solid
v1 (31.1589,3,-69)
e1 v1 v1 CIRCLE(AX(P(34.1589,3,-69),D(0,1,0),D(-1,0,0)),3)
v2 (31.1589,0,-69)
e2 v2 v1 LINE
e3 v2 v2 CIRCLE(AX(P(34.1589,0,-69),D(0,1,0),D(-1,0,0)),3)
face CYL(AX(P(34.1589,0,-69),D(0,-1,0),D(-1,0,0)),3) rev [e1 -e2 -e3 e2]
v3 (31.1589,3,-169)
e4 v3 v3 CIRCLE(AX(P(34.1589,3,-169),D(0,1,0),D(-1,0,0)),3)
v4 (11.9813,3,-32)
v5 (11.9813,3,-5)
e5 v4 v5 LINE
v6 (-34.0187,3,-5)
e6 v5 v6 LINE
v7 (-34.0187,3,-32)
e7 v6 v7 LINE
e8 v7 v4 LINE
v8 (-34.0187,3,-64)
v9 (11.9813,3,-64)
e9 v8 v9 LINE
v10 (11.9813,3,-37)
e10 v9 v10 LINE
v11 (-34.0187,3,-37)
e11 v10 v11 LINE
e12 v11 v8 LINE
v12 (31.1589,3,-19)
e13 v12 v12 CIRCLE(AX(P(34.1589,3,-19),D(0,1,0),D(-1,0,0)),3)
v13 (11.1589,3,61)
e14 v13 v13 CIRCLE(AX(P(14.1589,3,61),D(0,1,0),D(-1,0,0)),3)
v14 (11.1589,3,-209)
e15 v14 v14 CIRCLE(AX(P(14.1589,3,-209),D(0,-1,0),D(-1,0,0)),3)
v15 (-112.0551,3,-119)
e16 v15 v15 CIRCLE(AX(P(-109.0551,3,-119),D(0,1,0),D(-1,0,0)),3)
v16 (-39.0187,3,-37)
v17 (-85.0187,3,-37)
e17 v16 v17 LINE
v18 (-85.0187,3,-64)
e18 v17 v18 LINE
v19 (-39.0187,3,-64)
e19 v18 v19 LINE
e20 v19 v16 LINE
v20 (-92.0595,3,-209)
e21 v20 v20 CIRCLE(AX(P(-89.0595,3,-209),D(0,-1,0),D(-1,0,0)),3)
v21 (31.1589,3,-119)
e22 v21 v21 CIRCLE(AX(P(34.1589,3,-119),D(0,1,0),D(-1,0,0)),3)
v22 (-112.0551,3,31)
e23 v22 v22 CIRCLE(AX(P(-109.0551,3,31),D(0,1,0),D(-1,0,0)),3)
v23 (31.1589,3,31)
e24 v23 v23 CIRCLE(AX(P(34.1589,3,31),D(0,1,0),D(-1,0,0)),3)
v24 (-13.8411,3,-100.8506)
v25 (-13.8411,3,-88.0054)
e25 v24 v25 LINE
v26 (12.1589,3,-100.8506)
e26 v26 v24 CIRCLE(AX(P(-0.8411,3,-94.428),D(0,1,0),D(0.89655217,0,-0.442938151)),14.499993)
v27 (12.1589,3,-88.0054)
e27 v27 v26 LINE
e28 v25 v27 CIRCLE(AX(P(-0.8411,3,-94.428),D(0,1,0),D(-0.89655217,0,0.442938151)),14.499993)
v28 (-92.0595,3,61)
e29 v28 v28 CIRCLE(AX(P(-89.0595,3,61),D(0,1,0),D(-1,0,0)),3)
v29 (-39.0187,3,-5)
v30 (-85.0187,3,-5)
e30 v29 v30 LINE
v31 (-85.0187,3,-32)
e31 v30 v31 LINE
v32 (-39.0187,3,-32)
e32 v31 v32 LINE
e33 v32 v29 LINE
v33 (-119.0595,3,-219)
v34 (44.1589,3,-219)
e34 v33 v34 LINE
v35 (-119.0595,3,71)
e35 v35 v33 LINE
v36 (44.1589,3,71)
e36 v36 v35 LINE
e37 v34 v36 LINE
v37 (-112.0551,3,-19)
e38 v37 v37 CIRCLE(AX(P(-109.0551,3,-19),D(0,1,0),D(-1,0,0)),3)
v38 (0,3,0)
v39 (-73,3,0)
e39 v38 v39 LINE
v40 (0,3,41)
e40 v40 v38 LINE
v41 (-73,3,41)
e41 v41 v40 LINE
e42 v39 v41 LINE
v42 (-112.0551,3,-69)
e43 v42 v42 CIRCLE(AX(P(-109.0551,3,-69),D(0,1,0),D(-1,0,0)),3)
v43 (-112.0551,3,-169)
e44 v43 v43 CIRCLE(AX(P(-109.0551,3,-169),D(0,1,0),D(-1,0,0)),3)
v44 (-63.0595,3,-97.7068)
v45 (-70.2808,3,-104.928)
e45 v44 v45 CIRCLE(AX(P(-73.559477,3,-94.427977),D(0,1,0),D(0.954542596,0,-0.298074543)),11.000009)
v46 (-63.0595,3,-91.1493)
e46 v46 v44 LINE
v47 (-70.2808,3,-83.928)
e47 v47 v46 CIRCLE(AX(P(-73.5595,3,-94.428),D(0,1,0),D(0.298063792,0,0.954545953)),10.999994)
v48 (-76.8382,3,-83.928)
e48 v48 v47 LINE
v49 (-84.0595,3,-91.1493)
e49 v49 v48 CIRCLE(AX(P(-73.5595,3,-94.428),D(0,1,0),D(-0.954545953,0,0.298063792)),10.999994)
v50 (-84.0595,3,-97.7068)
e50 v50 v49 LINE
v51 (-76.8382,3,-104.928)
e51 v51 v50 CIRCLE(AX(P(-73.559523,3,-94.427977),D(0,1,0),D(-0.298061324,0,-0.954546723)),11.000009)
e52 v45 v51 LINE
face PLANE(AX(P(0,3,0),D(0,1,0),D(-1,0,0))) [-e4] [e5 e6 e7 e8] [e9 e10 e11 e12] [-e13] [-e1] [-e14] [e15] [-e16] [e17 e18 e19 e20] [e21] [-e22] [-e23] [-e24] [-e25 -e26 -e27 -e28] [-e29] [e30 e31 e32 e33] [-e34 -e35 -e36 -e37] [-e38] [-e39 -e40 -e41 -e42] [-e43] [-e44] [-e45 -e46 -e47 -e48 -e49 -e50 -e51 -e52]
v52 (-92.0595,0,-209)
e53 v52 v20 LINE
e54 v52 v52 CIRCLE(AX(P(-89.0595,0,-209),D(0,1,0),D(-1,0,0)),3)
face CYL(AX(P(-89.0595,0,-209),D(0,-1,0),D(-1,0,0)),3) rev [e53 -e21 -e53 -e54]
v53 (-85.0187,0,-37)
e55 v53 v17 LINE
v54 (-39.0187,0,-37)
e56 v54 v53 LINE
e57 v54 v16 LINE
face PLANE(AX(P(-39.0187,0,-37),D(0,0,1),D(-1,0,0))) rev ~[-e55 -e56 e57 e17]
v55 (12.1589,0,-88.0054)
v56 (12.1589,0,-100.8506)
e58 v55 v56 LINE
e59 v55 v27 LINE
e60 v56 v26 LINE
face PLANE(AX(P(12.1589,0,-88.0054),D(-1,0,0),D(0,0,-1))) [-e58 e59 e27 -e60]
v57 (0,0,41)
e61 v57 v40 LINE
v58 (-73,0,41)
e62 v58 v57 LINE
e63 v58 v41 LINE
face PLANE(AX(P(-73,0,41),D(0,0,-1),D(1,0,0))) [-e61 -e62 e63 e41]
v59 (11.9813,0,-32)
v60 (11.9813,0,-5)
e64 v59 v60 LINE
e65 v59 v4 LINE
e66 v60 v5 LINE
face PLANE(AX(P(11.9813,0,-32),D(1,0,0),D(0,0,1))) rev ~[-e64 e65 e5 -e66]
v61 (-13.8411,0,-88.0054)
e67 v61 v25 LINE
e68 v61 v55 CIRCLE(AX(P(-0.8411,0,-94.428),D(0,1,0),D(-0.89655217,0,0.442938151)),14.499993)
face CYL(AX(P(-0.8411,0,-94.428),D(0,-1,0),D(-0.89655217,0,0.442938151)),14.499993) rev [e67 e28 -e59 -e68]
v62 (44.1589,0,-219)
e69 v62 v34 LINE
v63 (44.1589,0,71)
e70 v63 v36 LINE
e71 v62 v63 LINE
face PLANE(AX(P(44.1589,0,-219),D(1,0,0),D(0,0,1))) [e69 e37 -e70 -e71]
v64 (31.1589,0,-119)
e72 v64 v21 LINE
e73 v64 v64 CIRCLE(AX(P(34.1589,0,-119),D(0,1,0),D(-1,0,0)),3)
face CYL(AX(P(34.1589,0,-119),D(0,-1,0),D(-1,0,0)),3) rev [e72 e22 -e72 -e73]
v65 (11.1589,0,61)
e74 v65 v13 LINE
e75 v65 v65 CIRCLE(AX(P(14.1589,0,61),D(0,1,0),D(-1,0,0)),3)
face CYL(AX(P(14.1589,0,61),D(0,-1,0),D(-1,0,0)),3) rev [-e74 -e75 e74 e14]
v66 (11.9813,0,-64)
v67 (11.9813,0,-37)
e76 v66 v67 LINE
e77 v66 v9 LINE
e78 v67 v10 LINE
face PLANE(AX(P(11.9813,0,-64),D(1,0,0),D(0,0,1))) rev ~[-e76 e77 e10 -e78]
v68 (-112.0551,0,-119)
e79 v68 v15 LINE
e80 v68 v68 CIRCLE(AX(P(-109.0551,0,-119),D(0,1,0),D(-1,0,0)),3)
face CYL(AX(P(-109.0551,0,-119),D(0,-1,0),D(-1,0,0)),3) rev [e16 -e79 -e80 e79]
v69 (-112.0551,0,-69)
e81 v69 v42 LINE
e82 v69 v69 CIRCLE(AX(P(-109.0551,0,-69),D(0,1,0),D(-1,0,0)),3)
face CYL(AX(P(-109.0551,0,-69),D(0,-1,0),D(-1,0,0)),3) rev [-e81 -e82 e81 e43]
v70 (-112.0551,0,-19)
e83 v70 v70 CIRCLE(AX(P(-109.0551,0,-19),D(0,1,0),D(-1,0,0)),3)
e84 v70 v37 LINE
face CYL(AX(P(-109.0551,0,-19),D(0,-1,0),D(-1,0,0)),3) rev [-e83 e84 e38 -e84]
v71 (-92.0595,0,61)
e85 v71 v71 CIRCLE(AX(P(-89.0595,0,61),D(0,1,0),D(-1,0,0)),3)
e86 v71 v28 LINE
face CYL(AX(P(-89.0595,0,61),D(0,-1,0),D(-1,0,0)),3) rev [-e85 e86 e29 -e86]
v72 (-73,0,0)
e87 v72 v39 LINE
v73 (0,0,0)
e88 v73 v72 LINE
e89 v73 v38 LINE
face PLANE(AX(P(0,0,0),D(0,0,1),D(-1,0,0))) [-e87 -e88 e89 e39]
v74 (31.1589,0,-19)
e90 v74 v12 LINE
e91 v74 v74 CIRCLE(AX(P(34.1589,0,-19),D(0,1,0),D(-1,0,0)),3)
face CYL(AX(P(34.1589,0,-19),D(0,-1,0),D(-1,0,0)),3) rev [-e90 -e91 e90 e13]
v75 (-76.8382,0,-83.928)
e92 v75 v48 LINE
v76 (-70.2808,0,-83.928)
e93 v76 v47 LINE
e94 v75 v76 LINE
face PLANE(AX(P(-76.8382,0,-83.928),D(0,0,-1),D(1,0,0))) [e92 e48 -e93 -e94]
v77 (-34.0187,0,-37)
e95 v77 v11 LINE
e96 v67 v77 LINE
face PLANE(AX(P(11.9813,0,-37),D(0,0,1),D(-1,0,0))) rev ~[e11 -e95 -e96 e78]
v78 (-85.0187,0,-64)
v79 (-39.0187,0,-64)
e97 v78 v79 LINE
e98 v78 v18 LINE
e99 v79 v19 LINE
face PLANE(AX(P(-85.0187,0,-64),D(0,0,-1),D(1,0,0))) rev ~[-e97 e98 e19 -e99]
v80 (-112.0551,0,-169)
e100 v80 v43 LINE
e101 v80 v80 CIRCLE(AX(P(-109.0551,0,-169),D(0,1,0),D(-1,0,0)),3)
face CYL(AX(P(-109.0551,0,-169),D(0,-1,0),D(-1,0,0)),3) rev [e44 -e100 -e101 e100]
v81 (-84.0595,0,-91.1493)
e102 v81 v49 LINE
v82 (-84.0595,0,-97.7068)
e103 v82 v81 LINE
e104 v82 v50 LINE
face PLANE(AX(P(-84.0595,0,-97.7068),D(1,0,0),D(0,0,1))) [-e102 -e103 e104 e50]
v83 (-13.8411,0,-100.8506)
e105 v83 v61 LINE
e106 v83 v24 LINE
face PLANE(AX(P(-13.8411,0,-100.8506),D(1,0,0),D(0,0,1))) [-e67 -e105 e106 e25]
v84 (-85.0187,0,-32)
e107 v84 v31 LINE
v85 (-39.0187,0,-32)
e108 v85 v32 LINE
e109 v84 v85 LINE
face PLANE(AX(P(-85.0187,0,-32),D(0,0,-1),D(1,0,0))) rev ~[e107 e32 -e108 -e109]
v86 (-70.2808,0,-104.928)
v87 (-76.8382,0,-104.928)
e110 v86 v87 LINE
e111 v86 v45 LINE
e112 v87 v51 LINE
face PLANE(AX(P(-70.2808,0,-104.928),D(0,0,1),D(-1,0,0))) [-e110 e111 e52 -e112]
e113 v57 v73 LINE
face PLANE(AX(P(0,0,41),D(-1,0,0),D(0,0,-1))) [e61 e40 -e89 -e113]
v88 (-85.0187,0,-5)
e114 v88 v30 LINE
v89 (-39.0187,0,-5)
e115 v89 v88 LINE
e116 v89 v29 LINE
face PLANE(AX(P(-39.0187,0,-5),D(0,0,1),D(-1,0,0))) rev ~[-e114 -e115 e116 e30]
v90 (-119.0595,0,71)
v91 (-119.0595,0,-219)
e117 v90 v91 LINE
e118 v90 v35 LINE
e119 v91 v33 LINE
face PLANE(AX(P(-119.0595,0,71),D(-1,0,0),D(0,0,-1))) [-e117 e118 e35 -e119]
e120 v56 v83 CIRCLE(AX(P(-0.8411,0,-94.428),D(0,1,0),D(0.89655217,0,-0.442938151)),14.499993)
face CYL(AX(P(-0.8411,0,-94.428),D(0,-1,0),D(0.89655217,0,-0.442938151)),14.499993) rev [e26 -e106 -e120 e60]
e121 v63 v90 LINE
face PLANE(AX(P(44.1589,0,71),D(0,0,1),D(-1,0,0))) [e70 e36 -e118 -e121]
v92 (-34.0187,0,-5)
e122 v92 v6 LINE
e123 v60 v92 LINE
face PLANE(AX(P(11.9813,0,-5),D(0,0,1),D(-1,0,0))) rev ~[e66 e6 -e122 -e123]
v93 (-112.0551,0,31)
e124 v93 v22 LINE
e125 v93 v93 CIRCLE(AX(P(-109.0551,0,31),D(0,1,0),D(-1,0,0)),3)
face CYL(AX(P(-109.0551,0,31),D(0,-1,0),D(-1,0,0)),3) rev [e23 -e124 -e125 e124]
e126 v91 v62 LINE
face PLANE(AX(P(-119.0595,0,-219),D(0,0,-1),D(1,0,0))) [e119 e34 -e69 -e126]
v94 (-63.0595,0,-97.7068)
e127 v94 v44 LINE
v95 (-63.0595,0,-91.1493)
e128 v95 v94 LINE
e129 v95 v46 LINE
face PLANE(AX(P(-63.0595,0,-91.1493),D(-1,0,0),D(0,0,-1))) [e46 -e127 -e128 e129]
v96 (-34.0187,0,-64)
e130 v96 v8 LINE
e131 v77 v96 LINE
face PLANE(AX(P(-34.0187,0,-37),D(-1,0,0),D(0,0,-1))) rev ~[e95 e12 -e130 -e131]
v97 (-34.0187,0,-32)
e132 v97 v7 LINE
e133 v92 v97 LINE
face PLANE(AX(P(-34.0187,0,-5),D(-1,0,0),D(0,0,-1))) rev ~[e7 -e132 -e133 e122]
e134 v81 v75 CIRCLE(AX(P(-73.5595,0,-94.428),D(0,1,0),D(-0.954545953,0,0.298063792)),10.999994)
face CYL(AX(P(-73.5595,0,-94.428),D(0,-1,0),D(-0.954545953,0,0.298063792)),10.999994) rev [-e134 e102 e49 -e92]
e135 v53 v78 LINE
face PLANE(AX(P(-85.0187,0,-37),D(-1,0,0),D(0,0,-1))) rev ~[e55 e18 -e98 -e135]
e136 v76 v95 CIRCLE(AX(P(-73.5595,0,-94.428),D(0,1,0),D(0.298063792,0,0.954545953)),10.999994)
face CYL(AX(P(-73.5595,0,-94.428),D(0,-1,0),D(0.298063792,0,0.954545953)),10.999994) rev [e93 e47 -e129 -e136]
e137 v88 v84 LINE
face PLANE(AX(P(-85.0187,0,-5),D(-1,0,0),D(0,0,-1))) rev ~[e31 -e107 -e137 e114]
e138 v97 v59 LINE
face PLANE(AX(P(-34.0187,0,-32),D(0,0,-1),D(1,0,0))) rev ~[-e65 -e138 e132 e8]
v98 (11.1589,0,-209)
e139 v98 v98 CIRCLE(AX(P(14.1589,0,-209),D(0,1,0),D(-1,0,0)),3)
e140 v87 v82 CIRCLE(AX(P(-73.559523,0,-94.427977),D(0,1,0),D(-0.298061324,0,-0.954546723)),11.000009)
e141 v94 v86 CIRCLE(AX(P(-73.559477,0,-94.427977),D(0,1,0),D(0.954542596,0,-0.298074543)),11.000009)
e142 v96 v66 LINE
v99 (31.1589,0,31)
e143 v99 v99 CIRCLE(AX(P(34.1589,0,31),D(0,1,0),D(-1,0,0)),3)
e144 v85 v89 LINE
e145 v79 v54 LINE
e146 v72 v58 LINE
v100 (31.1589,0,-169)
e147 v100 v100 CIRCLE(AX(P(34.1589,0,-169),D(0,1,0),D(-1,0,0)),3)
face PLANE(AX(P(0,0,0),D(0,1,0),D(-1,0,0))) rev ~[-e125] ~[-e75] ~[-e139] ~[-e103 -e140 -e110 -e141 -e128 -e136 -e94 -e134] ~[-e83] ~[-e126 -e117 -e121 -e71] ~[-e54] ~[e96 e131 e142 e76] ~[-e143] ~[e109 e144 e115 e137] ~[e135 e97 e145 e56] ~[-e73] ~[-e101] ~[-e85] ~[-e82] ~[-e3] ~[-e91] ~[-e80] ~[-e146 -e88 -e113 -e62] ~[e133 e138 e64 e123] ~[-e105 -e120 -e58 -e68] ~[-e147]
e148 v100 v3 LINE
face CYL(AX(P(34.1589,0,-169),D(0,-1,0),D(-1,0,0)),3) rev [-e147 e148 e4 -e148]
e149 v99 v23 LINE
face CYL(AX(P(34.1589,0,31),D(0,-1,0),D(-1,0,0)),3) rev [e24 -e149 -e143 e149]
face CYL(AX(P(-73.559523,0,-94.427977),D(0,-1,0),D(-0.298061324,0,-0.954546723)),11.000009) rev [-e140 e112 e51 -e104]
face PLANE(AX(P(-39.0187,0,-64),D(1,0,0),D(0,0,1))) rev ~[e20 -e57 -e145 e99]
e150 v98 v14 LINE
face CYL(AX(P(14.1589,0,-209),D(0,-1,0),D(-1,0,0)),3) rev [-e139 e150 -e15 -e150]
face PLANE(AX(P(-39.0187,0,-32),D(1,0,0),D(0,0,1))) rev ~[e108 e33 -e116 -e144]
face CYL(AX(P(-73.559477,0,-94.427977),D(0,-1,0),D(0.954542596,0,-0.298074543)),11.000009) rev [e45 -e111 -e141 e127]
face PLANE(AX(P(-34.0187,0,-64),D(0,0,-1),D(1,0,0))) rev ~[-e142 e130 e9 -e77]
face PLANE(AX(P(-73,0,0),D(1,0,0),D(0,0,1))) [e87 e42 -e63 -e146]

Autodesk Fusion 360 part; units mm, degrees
sketch "ControlPanel" plane through (0, 0, 0) normal (0, 1, 0) x (-1, 0, 0)
  line L0 (0, 0) -> (73, 0)
  line L1 (73, 0) -> (73, 41)
  line L2 (73, 41) -> (0, 41)
  line L3 (0, 41) -> (0, 0)
  line L4 (-11.9813, -5) -> (34.0187, -5)
  line L5 (34.0187, -5) -> (34.0187, -32)
  line L6 (34.0187, -32) -> (-11.9813, -32)
  line L7 (-11.9813, -32) -> (-11.9813, -5)
  line L8 (77.6844, -83.0568) -> (77.6844, -82.5327)
  line L9 (-12.1589, -88.0054) -> (-12.1589, -100.8506)
  line L10 (13.8411, -100.8506) -> (13.8411, -88.0054)
  arc A0 (-12.1589, -100.8506) -> (13.8411, -100.8506) centre (0.8411, -94.428) ccw
  arc A1 (13.8411, -88.0054) -> (-12.1589, -88.0054) centre (0.8411, -94.428) ccw
  line L11 (76.8382, -83.928) -> (70.2808, -83.928)
  line L12 (63.0595, -91.1493) -> (63.0595, -97.7068)
  line L13 (70.2808, -104.928) -> (76.8382, -104.928)
  line L14 (84.0595, -97.7068) -> (84.0595, -91.1493)
  arc A2 (70.2808, -83.928) -> (63.0595, -91.1493) centre (73.5595, -94.428) ccw
  arc A3 (84.0595, -91.1493) -> (76.8382, -83.928) centre (73.5595, -94.428) ccw
  arc A4 (63.0595, -97.7068) -> (70.2808, -104.928) centre (73.5595, -94.428) ccw
  arc A5 (76.8382, -104.928) -> (84.0595, -97.7068) centre (73.5595, -94.428) ccw
  line L15 (39.0187, -5) -> (85.0187, -5)
  line L16 (85.0187, -5) -> (85.0187, -32)
  line L17 (85.0187, -32) -> (39.0187, -32)
  line L18 (39.0187, -32) -> (39.0187, -5)
  line L19 (-11.9813, -37) -> (34.0187, -37)
  line L20 (34.0187, -37) -> (34.0187, -64)
  line L21 (34.0187, -64) -> (-11.9813, -64)
  line L22 (-11.9813, -64) -> (-11.9813, -37)
  line L23 (39.0187, -37) -> (85.0187, -37)
  line L24 (85.0187, -37) -> (85.0187, -64)
  line L25 (85.0187, -64) -> (39.0187, -64)
  line L26 (39.0187, -64) -> (39.0187, -37)
  line L27 (34.0187, -5) -> (39.0187, -5) construction
  circle A6 centre (36.5, -94.428) radius 0.6723 construction
  line L28 (119.0595, -139.428) -> (119.0595, 71) construction
  line L29 (119.0595, 71) -> (-44.1589, 71) construction
  line L30 (-44.1589, 71) -> (-44.1589, -139.428) construction
  line L31 (-44.1589, 71) -> (119.0595, 71)
  line L32 (119.0595, 71) -> (119.0595, -219)
  line L33 (119.0595, -219) -> (-44.1589, -219)
  line L34 (-44.1589, -219) -> (-44.1589, 71)
  circle A7 centre (-14.1589, 61) radius 3
  circle A8 centre (89.0595, 61) radius 3
  circle A9 centre (-34.1589, 31) radius 3
  circle A10 centre (109.0551, 31) radius 3
  circle A11 centre (-34.1589, -19) radius 3
  circle A12 centre (109.0551, -19) radius 3
  circle A13 centre (-34.1589, -69) radius 3
  circle A14 centre (109.0551, -69) radius 3
  circle A15 centre (-34.1589, -119) radius 3
  circle A16 centre (109.0551, -119) radius 3
  circle A17 centre (-34.1589, -169) radius 3
  circle A18 centre (109.0551, -169) radius 3
  circle A19 centre (-14.1589, -209) radius 3
  circle A20 centre (89.0595, -209) radius 3
  point P0 (73.5595, -94.428)
  point P1 (0.8411, -94.428)
  point P2 (73.5595, -94.428)
  point P3 (0.8411, -94.428)
  point P4 (73.5595, -94.428)
  point P5 (-14.1589, -209)
  point P6 (89.0595, -209)
  dimension "d12" = 73
  dimension "d13" = 41
  dimension "d15" = 46
  dimension "d16" = 27
  dimension "d17" = 5
  dimension "d33" = 29
  dimension "d36" = 22
  dimension "d88" = 46
  dimension "d89" = 27
  dimension "d90" = 5
  dimension "d91" = 46
  dimension "d92" = 27
  dimension "d93" = 5
  dimension "d94" = 46
  dimension "d95" = 27
  dimension "d96" = 5
  dimension "d110" = 210.428
  dimension "d111" = 290
  dimension "d113" = 6
  dimension "d114" = 30
  dimension "d115" = 6
  dimension "d116" = 30
  dimension "d123" = 6
  dimension "d124" = 40
  dimension "d127" = 143.214
  dimension "d128" = -200
extrude "Extrude3" add sketch "ControlPanel" along normal blind 3 contours L31 L32 L33 L34 | A19 | A20
extrude "Extrude5" cut sketch "ControlPanel" along normal mid plane 12 contours A19
extrude "Extrude6" cut sketch "ControlPanel" along normal mid plane 12 contours A20
extrude "Extrude1" [suppressed]
equation "m2_w = 73 mm"
equation "m2_h = 41 mm"
equation "m1_w = 46 mm"
equation "m1_h = 27 mm"
equation "mpwr_dia = 12.2 mm"
equation "mpwr_key = 1 mm"
equation "reset_dia = 12.5 mm"
equation "apwr_dia = 29 mm"
equation "apwr_key = 26 mm"
equation "estop_dia = 22 mm"
equation "estop_key = 21 mm"
equation "d12 = m2_w"
equation "d13 = m2_h"
equation "meter_v = 5 mm"
equation "d15 = m1_w"
equation "d16 = m1_h"
equation "d17 = meter_v"
equation "apwr_shell = 37 mm"
equation "botrow_offset = 35 mm"
equation "d33 = apwr_dia"
equation "d36 = estop_dia"
equation "sw_dist = 100 mm"
equation "sw_offs = 25 mm"
equation "text_top_offs = 5 mm"
equation "d88 = m1_w"
equation "d89 = m1_h"
equation "d90 = meter_v"
equation "d91 = m1_w"
equation "d92 = m1_h"
equation "d93 = meter_v"
equation "d94 = m1_w"
equation "d95 = m1_h"
